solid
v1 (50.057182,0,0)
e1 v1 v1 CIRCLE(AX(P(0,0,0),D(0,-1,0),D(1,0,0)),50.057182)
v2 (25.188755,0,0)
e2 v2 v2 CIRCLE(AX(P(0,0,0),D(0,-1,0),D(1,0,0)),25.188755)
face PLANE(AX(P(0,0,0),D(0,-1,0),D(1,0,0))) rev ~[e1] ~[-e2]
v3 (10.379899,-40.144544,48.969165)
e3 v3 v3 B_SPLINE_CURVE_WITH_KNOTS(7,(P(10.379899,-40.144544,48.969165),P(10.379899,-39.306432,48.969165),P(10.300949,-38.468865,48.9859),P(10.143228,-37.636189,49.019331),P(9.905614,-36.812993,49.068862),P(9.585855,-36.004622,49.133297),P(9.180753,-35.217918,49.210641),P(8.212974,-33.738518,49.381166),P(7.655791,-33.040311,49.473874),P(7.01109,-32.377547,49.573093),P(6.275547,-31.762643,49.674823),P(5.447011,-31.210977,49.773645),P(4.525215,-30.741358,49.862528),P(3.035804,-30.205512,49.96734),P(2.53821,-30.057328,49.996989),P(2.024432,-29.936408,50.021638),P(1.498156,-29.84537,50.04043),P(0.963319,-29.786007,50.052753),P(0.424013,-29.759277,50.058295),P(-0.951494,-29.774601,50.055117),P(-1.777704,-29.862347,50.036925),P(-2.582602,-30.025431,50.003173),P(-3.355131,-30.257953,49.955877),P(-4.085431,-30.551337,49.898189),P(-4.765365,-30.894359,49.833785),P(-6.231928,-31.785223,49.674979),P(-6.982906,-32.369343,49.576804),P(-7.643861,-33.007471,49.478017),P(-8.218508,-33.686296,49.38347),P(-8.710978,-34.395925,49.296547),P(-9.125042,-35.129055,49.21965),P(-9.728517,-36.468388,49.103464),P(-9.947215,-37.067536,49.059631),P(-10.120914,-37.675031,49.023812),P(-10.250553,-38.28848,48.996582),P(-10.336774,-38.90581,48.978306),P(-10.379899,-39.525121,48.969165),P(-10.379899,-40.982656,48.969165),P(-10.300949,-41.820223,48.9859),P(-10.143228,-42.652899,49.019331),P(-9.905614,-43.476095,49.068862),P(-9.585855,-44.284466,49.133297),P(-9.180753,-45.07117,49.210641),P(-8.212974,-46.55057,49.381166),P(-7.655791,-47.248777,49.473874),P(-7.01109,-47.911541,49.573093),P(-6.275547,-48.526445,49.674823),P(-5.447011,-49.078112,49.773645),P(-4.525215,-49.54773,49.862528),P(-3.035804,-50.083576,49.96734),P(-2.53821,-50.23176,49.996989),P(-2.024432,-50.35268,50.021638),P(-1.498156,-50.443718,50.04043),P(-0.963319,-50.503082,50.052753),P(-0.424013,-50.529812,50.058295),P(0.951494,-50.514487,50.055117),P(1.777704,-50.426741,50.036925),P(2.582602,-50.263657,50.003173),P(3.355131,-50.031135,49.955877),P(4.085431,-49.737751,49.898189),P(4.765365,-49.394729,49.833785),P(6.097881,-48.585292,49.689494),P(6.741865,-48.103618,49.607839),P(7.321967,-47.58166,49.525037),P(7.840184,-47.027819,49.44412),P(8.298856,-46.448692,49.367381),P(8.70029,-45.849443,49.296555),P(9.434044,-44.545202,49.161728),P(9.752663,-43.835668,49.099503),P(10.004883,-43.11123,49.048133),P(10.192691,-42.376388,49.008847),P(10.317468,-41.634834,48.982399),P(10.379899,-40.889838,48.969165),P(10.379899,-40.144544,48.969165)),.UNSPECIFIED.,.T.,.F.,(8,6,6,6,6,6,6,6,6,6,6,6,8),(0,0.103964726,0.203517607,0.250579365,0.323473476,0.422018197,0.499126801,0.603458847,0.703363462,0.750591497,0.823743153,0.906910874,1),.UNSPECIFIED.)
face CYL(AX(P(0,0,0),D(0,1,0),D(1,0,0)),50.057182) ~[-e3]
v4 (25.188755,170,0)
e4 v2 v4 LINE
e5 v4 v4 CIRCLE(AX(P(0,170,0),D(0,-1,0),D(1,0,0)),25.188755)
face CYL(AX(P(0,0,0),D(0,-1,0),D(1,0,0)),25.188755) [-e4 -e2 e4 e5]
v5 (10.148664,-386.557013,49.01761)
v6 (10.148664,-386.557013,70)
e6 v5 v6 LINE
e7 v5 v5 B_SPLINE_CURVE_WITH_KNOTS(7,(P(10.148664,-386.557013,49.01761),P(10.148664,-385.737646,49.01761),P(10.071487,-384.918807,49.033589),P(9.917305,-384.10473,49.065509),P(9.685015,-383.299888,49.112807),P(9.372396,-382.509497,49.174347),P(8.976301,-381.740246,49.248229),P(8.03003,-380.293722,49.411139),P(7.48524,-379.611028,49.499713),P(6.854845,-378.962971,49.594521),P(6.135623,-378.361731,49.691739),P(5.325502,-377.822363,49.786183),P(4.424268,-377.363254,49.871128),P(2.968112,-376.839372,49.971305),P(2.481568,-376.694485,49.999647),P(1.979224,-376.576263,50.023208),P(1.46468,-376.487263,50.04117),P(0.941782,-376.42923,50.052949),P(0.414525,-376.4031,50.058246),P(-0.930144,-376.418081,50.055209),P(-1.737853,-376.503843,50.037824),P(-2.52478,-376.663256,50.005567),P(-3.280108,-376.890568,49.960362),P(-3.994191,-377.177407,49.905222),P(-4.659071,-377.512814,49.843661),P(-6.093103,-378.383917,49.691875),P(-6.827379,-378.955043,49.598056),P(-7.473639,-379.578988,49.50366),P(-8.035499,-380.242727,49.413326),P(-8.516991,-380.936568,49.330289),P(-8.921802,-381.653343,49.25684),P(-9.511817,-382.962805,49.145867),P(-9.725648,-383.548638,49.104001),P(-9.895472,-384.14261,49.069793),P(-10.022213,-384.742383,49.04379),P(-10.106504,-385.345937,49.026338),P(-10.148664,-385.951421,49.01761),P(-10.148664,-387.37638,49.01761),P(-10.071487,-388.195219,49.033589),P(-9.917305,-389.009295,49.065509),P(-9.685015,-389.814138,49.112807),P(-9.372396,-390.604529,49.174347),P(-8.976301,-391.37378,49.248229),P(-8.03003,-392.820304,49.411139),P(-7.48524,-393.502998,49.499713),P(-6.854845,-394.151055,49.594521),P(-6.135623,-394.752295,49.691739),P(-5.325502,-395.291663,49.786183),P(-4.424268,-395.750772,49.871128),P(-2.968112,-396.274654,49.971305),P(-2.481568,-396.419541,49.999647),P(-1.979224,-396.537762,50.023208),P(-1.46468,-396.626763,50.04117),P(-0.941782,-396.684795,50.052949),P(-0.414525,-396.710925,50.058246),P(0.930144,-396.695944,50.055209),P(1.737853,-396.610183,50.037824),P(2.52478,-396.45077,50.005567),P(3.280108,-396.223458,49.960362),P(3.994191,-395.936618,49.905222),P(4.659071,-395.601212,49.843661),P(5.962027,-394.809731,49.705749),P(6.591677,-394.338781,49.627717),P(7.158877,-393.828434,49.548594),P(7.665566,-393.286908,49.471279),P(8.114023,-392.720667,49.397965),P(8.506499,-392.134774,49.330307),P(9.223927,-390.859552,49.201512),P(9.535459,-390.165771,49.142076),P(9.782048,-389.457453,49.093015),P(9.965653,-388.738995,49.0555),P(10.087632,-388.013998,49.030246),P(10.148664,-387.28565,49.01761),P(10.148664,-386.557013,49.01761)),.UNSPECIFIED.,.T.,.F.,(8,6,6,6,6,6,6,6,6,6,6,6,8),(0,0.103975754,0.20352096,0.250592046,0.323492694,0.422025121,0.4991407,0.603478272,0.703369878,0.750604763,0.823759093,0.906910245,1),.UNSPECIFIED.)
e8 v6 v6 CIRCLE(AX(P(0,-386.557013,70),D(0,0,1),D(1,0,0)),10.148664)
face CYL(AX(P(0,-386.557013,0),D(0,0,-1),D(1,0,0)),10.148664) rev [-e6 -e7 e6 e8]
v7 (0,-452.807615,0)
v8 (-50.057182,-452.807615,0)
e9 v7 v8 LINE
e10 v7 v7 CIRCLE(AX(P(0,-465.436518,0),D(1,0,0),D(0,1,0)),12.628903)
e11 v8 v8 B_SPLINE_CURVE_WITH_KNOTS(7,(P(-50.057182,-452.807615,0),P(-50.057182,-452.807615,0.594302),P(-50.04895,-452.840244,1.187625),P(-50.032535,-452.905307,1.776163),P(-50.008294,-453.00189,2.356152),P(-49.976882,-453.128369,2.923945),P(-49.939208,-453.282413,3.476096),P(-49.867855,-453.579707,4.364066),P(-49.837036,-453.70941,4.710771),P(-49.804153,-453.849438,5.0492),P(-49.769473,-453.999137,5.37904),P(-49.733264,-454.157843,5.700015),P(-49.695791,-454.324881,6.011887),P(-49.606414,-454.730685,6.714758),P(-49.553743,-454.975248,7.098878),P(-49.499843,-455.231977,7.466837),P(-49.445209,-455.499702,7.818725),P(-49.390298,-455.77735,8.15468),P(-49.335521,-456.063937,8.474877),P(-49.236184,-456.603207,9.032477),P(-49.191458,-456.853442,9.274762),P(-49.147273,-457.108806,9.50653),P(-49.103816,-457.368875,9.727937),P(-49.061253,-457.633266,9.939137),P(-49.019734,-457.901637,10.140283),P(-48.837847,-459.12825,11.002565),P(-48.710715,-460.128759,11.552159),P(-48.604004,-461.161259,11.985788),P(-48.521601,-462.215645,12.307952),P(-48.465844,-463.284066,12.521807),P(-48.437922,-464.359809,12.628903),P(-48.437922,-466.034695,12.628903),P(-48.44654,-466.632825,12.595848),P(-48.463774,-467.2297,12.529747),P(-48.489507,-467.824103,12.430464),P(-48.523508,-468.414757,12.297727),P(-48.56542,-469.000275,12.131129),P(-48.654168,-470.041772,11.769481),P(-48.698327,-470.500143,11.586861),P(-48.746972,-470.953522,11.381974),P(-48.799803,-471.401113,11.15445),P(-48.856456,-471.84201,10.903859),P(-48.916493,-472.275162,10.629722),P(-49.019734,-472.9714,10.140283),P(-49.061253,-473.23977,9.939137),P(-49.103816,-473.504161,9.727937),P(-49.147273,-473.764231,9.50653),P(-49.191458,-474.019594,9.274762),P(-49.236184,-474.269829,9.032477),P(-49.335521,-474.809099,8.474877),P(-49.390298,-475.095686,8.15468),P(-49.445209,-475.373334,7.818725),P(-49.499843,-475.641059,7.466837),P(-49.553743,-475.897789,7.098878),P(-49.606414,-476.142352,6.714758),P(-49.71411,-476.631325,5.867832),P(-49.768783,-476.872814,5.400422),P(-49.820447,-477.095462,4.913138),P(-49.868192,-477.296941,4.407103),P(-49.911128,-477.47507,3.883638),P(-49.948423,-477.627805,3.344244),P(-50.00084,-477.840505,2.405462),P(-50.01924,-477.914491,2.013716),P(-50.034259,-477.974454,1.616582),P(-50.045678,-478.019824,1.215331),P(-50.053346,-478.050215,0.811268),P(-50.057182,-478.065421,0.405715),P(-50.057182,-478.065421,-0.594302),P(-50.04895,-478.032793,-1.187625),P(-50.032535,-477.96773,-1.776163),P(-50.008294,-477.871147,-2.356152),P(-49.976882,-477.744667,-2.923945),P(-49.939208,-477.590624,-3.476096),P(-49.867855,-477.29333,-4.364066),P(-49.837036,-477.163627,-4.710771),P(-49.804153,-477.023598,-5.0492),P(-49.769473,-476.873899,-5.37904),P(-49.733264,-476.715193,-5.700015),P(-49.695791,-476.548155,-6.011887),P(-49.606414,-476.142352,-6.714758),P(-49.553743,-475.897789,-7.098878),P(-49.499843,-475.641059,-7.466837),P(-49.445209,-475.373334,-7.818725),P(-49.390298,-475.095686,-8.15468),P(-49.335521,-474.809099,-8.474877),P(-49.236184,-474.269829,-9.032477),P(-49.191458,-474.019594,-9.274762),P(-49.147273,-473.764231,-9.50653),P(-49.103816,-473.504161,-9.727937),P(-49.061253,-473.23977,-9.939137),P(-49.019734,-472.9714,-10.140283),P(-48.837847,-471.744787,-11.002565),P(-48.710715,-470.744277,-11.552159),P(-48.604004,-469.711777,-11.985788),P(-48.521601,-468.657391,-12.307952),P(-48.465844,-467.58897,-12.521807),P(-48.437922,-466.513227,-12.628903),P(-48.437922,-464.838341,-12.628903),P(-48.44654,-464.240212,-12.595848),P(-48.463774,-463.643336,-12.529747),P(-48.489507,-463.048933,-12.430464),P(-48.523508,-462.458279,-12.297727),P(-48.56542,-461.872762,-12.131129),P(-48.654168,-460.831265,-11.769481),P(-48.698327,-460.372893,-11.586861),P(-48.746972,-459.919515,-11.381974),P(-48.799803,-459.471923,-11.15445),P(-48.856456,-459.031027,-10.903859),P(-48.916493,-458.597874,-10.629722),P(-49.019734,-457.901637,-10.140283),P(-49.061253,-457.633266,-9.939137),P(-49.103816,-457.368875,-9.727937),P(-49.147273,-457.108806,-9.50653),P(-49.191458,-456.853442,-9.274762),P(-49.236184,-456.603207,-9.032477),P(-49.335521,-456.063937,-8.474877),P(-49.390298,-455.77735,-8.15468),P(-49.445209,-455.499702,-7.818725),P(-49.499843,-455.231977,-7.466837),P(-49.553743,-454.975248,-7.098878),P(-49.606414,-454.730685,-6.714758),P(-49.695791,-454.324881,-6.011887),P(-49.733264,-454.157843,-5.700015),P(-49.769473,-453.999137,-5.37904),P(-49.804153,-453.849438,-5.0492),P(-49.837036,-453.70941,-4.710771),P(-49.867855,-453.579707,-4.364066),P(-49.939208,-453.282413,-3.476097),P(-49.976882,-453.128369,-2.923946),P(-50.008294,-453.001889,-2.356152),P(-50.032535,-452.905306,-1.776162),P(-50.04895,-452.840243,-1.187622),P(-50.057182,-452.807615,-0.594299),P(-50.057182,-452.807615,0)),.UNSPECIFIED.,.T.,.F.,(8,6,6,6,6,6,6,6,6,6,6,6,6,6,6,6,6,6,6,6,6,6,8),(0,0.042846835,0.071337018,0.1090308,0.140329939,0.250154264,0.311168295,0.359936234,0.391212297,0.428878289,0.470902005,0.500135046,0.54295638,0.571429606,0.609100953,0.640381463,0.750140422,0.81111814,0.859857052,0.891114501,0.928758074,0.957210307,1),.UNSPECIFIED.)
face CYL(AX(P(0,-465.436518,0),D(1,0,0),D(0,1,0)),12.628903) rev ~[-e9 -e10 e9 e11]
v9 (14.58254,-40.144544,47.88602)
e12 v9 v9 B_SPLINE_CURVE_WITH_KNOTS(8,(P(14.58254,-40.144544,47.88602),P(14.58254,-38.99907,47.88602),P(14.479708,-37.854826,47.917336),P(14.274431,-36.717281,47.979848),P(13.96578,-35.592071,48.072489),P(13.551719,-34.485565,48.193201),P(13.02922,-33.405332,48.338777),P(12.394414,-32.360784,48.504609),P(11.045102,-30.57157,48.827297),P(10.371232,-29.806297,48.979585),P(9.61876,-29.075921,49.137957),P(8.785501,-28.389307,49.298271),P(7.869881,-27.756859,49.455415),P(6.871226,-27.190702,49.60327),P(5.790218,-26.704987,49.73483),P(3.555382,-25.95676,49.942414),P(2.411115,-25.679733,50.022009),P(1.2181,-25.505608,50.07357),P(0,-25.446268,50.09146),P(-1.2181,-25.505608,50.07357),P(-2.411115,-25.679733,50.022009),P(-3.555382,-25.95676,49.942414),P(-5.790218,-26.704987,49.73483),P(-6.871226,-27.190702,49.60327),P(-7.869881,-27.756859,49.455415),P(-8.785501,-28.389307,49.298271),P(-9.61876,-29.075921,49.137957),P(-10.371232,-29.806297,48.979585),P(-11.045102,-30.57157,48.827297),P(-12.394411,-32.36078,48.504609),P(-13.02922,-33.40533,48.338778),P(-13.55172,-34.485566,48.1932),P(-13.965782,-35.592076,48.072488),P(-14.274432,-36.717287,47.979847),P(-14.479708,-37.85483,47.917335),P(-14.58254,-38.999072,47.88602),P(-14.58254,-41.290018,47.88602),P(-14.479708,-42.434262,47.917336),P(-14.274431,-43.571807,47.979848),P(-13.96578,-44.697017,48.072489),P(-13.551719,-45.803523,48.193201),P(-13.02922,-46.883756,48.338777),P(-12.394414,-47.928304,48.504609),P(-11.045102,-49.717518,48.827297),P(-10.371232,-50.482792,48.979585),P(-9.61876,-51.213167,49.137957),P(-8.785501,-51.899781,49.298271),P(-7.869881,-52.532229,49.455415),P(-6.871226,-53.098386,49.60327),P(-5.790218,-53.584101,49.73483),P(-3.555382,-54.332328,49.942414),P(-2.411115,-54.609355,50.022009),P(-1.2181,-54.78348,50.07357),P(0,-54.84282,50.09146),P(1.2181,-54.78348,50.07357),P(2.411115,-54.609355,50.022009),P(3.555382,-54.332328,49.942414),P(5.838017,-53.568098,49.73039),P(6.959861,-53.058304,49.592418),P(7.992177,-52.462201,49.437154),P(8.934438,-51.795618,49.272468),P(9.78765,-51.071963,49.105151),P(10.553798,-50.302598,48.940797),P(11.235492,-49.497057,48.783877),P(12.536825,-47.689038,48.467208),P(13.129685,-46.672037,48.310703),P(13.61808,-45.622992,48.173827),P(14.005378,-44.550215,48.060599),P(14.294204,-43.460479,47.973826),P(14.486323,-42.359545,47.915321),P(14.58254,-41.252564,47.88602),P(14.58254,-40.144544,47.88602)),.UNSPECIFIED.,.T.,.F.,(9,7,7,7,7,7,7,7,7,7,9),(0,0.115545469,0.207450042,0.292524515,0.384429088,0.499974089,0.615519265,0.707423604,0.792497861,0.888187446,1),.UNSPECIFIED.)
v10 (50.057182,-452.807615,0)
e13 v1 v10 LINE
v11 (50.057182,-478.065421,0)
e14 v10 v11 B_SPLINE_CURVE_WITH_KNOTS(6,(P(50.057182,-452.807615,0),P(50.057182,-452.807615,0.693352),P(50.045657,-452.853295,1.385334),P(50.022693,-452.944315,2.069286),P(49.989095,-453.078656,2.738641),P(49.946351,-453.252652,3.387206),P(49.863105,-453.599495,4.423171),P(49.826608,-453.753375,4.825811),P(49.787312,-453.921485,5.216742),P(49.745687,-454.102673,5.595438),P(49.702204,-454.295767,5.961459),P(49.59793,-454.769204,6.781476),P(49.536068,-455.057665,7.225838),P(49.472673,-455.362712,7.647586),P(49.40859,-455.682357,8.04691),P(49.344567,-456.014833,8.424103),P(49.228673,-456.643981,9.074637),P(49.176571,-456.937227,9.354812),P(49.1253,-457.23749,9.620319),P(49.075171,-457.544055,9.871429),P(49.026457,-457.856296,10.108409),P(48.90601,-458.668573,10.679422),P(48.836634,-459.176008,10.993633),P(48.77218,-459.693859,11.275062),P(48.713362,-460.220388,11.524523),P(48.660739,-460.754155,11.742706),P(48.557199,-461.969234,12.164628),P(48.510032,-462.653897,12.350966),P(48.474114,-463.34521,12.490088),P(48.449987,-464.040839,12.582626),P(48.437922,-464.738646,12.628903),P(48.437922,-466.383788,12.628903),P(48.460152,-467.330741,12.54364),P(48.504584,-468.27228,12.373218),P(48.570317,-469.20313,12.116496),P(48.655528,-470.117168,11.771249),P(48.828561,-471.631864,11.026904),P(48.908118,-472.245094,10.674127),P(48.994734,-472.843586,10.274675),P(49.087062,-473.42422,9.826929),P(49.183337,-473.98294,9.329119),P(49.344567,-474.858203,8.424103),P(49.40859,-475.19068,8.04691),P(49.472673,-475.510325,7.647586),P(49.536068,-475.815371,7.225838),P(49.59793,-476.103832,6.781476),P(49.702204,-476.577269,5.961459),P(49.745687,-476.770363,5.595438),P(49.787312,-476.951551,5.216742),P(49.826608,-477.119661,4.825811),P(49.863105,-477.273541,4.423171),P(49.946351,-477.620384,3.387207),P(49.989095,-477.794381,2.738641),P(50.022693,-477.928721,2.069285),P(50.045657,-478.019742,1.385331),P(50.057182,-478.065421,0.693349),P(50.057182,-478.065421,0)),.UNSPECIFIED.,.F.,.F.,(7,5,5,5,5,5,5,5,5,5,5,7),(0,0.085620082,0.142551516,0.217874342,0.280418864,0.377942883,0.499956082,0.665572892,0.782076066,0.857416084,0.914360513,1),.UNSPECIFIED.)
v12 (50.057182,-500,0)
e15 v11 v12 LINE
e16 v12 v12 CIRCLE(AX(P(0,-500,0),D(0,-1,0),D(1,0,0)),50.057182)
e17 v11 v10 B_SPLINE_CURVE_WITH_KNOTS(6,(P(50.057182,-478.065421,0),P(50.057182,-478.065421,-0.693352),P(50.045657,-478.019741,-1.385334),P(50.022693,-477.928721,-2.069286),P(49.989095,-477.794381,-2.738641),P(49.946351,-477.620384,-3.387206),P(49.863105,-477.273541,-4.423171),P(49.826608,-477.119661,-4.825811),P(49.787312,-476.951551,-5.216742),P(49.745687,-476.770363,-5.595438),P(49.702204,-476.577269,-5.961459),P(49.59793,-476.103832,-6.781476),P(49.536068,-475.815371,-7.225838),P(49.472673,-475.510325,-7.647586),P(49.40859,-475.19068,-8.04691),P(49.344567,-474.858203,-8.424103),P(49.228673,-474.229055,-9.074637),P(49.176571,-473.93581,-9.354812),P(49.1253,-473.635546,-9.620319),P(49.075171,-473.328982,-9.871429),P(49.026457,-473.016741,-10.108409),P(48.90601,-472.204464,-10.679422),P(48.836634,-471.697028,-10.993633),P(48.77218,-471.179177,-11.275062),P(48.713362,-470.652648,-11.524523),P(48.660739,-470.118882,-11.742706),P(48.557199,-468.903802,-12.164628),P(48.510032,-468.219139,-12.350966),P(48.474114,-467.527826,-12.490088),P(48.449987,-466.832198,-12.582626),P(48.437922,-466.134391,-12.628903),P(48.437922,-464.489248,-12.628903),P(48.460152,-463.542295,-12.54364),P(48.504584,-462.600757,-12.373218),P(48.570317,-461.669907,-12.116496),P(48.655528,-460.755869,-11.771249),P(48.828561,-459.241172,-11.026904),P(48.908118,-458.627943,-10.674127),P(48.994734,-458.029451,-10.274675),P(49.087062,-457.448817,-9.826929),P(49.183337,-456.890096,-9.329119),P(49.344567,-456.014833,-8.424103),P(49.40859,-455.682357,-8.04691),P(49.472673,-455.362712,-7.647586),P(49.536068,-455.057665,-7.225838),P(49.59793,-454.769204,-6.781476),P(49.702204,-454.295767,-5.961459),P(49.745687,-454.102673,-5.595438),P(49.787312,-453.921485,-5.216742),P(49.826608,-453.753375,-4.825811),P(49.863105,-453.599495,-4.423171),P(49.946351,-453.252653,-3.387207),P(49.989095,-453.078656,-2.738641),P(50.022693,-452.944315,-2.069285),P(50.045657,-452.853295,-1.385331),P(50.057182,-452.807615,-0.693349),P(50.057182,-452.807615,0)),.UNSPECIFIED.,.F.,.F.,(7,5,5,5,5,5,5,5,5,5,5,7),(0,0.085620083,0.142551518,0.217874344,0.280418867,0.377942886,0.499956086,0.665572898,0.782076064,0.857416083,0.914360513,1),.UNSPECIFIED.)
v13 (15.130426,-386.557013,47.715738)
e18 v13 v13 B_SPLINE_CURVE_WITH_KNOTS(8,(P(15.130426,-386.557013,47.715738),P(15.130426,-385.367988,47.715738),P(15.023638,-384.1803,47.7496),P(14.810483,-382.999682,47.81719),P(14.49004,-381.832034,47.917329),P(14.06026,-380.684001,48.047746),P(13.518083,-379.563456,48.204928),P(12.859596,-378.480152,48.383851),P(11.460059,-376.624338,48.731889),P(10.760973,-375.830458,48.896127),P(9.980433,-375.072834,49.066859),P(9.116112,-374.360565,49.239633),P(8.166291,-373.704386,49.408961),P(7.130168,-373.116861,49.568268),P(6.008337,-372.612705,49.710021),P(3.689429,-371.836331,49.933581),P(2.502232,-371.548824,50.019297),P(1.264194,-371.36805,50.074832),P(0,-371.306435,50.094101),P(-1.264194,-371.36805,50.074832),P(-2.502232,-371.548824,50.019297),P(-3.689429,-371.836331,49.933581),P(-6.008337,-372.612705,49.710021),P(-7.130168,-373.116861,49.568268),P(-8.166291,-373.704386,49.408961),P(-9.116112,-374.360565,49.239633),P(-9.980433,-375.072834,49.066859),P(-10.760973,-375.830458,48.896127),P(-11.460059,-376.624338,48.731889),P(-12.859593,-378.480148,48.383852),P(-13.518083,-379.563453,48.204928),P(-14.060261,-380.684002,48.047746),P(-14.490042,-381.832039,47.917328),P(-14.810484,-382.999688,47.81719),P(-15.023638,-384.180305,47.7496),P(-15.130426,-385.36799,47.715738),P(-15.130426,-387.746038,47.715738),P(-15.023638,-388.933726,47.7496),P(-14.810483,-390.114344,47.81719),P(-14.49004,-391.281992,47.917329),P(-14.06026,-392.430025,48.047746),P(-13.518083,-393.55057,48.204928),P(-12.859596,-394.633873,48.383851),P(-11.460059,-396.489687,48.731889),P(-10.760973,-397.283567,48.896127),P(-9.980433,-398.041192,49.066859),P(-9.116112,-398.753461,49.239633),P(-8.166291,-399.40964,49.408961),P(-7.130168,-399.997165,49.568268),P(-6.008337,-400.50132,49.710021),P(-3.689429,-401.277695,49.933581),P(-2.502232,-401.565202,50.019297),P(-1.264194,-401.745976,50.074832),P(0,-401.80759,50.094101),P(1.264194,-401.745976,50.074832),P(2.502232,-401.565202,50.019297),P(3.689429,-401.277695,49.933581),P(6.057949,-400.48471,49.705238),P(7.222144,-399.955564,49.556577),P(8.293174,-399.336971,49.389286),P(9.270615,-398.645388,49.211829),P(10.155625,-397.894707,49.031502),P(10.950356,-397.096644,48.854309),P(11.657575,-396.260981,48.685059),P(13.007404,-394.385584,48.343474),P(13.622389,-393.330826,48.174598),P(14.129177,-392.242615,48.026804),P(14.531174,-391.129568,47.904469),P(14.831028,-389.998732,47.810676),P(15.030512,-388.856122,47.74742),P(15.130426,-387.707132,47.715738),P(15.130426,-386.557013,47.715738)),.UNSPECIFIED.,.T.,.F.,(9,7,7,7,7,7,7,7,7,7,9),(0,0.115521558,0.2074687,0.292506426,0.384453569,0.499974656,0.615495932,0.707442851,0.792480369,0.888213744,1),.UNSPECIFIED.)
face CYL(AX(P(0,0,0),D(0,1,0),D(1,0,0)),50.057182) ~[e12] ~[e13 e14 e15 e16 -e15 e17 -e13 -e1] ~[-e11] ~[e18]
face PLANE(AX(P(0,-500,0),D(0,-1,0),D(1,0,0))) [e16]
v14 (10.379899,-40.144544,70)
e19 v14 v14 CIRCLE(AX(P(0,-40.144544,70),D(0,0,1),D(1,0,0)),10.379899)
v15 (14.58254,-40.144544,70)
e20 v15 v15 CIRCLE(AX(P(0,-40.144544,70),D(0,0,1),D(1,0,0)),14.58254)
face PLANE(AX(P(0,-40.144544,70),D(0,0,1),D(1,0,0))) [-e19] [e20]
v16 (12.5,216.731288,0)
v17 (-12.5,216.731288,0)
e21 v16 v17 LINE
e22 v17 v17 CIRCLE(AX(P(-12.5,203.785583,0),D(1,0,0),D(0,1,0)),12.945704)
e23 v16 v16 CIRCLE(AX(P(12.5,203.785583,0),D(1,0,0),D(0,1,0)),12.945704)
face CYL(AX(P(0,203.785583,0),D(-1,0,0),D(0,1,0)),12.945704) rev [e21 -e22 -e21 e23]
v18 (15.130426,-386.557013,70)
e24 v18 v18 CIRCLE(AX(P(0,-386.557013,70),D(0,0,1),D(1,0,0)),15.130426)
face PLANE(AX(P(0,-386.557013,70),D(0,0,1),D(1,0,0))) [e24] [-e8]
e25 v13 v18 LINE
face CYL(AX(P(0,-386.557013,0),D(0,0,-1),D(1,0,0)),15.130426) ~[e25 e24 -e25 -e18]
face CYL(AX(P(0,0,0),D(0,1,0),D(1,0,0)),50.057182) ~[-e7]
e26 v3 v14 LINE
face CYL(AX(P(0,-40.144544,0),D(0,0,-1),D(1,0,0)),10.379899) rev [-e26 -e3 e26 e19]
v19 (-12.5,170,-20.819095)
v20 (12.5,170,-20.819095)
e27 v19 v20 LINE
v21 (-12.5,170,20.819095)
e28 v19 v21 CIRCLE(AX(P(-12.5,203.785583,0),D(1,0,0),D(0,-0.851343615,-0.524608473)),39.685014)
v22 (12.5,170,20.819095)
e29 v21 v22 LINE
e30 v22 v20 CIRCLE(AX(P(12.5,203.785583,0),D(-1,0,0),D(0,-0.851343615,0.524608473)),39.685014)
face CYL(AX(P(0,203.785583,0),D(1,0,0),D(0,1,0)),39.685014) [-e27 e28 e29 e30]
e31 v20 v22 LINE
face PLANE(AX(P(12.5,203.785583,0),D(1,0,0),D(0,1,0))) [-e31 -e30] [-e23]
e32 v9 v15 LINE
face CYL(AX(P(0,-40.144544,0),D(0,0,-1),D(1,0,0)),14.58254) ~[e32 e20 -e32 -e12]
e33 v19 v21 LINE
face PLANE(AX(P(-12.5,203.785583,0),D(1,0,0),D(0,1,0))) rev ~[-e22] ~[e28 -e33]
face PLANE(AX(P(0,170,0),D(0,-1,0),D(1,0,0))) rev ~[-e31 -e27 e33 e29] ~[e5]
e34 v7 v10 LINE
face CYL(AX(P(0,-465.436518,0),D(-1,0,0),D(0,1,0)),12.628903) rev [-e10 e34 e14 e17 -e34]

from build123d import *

# Parameters (mm, degrees)
F0_R          = 50.0571816825
F1_DEPTH      = 500
F2_R          = 25.188754889
F3_DEPTH      = 170
F4_R          = 39.6850141268
F4_R_2        = 12.9457043272
F5_DEPTH      = 12.5
F6_R          = 12.6289029658
F7_DEPTH      = 50.0581816825
F7_DEPTH_BACK = 50.0581816825
F8_R          = 14.5825404329
F8_R_2        = 10.3798994513
F9_DEPTH      = 70
F10_R         = 15.1304262214
F10_R_2       = 10.1486644431
F11_DEPTH     = 70


with BuildPart() as f1:
    # F0 (on Front) → F1 (new body)
    with BuildSketch(Plane.XZ):
        Circle(F0_R)
    extrude(amount=F1_DEPTH)

    # F2 (on Front) → F3 (join)
    with BuildSketch(Plane.XZ):
        Circle(F2_R)
    extrude(amount=-F3_DEPTH)

    # F4 (on Right) → F5 (join, symmetric)
    with BuildSketch(Plane.YZ):
        with Locations((203.7855833769, 0)):
            Circle(F4_R)
        with Locations((203.7855833769, 0)):
            Circle(F4_R_2, mode=Mode.SUBTRACT)
    extrude(amount=F5_DEPTH, both=True)

    # F6 (on Right) → F7 (cut, two sides)
    with BuildSketch(Plane.YZ) as f7_sk:
        with Locations((-465.4365181923, 0)):
            Circle(F6_R)
    extrude(amount=-F7_DEPTH, mode=Mode.SUBTRACT)
    extrude(f7_sk.sketch, amount=F7_DEPTH_BACK, mode=Mode.SUBTRACT)

    # F8 (on Top) → F9 (join)
    with BuildSketch(Plane.XY):
        with Locations((0, -40.1445440948)):
            Circle(F8_R)
        with Locations((0, -40.1445440948)):
            Circle(F8_R_2, mode=Mode.SUBTRACT)
    extrude(amount=F9_DEPTH)

    # F10 (on Top) → F11 (join)
    with BuildSketch(Plane.XY):
        with Locations((0, -386.5570127964)):
            Circle(F10_R)
        with Locations((0, -386.5570127964)):
            Circle(F10_R_2, mode=Mode.SUBTRACT)
    extrude(amount=F11_DEPTH)


solid = f1.part
